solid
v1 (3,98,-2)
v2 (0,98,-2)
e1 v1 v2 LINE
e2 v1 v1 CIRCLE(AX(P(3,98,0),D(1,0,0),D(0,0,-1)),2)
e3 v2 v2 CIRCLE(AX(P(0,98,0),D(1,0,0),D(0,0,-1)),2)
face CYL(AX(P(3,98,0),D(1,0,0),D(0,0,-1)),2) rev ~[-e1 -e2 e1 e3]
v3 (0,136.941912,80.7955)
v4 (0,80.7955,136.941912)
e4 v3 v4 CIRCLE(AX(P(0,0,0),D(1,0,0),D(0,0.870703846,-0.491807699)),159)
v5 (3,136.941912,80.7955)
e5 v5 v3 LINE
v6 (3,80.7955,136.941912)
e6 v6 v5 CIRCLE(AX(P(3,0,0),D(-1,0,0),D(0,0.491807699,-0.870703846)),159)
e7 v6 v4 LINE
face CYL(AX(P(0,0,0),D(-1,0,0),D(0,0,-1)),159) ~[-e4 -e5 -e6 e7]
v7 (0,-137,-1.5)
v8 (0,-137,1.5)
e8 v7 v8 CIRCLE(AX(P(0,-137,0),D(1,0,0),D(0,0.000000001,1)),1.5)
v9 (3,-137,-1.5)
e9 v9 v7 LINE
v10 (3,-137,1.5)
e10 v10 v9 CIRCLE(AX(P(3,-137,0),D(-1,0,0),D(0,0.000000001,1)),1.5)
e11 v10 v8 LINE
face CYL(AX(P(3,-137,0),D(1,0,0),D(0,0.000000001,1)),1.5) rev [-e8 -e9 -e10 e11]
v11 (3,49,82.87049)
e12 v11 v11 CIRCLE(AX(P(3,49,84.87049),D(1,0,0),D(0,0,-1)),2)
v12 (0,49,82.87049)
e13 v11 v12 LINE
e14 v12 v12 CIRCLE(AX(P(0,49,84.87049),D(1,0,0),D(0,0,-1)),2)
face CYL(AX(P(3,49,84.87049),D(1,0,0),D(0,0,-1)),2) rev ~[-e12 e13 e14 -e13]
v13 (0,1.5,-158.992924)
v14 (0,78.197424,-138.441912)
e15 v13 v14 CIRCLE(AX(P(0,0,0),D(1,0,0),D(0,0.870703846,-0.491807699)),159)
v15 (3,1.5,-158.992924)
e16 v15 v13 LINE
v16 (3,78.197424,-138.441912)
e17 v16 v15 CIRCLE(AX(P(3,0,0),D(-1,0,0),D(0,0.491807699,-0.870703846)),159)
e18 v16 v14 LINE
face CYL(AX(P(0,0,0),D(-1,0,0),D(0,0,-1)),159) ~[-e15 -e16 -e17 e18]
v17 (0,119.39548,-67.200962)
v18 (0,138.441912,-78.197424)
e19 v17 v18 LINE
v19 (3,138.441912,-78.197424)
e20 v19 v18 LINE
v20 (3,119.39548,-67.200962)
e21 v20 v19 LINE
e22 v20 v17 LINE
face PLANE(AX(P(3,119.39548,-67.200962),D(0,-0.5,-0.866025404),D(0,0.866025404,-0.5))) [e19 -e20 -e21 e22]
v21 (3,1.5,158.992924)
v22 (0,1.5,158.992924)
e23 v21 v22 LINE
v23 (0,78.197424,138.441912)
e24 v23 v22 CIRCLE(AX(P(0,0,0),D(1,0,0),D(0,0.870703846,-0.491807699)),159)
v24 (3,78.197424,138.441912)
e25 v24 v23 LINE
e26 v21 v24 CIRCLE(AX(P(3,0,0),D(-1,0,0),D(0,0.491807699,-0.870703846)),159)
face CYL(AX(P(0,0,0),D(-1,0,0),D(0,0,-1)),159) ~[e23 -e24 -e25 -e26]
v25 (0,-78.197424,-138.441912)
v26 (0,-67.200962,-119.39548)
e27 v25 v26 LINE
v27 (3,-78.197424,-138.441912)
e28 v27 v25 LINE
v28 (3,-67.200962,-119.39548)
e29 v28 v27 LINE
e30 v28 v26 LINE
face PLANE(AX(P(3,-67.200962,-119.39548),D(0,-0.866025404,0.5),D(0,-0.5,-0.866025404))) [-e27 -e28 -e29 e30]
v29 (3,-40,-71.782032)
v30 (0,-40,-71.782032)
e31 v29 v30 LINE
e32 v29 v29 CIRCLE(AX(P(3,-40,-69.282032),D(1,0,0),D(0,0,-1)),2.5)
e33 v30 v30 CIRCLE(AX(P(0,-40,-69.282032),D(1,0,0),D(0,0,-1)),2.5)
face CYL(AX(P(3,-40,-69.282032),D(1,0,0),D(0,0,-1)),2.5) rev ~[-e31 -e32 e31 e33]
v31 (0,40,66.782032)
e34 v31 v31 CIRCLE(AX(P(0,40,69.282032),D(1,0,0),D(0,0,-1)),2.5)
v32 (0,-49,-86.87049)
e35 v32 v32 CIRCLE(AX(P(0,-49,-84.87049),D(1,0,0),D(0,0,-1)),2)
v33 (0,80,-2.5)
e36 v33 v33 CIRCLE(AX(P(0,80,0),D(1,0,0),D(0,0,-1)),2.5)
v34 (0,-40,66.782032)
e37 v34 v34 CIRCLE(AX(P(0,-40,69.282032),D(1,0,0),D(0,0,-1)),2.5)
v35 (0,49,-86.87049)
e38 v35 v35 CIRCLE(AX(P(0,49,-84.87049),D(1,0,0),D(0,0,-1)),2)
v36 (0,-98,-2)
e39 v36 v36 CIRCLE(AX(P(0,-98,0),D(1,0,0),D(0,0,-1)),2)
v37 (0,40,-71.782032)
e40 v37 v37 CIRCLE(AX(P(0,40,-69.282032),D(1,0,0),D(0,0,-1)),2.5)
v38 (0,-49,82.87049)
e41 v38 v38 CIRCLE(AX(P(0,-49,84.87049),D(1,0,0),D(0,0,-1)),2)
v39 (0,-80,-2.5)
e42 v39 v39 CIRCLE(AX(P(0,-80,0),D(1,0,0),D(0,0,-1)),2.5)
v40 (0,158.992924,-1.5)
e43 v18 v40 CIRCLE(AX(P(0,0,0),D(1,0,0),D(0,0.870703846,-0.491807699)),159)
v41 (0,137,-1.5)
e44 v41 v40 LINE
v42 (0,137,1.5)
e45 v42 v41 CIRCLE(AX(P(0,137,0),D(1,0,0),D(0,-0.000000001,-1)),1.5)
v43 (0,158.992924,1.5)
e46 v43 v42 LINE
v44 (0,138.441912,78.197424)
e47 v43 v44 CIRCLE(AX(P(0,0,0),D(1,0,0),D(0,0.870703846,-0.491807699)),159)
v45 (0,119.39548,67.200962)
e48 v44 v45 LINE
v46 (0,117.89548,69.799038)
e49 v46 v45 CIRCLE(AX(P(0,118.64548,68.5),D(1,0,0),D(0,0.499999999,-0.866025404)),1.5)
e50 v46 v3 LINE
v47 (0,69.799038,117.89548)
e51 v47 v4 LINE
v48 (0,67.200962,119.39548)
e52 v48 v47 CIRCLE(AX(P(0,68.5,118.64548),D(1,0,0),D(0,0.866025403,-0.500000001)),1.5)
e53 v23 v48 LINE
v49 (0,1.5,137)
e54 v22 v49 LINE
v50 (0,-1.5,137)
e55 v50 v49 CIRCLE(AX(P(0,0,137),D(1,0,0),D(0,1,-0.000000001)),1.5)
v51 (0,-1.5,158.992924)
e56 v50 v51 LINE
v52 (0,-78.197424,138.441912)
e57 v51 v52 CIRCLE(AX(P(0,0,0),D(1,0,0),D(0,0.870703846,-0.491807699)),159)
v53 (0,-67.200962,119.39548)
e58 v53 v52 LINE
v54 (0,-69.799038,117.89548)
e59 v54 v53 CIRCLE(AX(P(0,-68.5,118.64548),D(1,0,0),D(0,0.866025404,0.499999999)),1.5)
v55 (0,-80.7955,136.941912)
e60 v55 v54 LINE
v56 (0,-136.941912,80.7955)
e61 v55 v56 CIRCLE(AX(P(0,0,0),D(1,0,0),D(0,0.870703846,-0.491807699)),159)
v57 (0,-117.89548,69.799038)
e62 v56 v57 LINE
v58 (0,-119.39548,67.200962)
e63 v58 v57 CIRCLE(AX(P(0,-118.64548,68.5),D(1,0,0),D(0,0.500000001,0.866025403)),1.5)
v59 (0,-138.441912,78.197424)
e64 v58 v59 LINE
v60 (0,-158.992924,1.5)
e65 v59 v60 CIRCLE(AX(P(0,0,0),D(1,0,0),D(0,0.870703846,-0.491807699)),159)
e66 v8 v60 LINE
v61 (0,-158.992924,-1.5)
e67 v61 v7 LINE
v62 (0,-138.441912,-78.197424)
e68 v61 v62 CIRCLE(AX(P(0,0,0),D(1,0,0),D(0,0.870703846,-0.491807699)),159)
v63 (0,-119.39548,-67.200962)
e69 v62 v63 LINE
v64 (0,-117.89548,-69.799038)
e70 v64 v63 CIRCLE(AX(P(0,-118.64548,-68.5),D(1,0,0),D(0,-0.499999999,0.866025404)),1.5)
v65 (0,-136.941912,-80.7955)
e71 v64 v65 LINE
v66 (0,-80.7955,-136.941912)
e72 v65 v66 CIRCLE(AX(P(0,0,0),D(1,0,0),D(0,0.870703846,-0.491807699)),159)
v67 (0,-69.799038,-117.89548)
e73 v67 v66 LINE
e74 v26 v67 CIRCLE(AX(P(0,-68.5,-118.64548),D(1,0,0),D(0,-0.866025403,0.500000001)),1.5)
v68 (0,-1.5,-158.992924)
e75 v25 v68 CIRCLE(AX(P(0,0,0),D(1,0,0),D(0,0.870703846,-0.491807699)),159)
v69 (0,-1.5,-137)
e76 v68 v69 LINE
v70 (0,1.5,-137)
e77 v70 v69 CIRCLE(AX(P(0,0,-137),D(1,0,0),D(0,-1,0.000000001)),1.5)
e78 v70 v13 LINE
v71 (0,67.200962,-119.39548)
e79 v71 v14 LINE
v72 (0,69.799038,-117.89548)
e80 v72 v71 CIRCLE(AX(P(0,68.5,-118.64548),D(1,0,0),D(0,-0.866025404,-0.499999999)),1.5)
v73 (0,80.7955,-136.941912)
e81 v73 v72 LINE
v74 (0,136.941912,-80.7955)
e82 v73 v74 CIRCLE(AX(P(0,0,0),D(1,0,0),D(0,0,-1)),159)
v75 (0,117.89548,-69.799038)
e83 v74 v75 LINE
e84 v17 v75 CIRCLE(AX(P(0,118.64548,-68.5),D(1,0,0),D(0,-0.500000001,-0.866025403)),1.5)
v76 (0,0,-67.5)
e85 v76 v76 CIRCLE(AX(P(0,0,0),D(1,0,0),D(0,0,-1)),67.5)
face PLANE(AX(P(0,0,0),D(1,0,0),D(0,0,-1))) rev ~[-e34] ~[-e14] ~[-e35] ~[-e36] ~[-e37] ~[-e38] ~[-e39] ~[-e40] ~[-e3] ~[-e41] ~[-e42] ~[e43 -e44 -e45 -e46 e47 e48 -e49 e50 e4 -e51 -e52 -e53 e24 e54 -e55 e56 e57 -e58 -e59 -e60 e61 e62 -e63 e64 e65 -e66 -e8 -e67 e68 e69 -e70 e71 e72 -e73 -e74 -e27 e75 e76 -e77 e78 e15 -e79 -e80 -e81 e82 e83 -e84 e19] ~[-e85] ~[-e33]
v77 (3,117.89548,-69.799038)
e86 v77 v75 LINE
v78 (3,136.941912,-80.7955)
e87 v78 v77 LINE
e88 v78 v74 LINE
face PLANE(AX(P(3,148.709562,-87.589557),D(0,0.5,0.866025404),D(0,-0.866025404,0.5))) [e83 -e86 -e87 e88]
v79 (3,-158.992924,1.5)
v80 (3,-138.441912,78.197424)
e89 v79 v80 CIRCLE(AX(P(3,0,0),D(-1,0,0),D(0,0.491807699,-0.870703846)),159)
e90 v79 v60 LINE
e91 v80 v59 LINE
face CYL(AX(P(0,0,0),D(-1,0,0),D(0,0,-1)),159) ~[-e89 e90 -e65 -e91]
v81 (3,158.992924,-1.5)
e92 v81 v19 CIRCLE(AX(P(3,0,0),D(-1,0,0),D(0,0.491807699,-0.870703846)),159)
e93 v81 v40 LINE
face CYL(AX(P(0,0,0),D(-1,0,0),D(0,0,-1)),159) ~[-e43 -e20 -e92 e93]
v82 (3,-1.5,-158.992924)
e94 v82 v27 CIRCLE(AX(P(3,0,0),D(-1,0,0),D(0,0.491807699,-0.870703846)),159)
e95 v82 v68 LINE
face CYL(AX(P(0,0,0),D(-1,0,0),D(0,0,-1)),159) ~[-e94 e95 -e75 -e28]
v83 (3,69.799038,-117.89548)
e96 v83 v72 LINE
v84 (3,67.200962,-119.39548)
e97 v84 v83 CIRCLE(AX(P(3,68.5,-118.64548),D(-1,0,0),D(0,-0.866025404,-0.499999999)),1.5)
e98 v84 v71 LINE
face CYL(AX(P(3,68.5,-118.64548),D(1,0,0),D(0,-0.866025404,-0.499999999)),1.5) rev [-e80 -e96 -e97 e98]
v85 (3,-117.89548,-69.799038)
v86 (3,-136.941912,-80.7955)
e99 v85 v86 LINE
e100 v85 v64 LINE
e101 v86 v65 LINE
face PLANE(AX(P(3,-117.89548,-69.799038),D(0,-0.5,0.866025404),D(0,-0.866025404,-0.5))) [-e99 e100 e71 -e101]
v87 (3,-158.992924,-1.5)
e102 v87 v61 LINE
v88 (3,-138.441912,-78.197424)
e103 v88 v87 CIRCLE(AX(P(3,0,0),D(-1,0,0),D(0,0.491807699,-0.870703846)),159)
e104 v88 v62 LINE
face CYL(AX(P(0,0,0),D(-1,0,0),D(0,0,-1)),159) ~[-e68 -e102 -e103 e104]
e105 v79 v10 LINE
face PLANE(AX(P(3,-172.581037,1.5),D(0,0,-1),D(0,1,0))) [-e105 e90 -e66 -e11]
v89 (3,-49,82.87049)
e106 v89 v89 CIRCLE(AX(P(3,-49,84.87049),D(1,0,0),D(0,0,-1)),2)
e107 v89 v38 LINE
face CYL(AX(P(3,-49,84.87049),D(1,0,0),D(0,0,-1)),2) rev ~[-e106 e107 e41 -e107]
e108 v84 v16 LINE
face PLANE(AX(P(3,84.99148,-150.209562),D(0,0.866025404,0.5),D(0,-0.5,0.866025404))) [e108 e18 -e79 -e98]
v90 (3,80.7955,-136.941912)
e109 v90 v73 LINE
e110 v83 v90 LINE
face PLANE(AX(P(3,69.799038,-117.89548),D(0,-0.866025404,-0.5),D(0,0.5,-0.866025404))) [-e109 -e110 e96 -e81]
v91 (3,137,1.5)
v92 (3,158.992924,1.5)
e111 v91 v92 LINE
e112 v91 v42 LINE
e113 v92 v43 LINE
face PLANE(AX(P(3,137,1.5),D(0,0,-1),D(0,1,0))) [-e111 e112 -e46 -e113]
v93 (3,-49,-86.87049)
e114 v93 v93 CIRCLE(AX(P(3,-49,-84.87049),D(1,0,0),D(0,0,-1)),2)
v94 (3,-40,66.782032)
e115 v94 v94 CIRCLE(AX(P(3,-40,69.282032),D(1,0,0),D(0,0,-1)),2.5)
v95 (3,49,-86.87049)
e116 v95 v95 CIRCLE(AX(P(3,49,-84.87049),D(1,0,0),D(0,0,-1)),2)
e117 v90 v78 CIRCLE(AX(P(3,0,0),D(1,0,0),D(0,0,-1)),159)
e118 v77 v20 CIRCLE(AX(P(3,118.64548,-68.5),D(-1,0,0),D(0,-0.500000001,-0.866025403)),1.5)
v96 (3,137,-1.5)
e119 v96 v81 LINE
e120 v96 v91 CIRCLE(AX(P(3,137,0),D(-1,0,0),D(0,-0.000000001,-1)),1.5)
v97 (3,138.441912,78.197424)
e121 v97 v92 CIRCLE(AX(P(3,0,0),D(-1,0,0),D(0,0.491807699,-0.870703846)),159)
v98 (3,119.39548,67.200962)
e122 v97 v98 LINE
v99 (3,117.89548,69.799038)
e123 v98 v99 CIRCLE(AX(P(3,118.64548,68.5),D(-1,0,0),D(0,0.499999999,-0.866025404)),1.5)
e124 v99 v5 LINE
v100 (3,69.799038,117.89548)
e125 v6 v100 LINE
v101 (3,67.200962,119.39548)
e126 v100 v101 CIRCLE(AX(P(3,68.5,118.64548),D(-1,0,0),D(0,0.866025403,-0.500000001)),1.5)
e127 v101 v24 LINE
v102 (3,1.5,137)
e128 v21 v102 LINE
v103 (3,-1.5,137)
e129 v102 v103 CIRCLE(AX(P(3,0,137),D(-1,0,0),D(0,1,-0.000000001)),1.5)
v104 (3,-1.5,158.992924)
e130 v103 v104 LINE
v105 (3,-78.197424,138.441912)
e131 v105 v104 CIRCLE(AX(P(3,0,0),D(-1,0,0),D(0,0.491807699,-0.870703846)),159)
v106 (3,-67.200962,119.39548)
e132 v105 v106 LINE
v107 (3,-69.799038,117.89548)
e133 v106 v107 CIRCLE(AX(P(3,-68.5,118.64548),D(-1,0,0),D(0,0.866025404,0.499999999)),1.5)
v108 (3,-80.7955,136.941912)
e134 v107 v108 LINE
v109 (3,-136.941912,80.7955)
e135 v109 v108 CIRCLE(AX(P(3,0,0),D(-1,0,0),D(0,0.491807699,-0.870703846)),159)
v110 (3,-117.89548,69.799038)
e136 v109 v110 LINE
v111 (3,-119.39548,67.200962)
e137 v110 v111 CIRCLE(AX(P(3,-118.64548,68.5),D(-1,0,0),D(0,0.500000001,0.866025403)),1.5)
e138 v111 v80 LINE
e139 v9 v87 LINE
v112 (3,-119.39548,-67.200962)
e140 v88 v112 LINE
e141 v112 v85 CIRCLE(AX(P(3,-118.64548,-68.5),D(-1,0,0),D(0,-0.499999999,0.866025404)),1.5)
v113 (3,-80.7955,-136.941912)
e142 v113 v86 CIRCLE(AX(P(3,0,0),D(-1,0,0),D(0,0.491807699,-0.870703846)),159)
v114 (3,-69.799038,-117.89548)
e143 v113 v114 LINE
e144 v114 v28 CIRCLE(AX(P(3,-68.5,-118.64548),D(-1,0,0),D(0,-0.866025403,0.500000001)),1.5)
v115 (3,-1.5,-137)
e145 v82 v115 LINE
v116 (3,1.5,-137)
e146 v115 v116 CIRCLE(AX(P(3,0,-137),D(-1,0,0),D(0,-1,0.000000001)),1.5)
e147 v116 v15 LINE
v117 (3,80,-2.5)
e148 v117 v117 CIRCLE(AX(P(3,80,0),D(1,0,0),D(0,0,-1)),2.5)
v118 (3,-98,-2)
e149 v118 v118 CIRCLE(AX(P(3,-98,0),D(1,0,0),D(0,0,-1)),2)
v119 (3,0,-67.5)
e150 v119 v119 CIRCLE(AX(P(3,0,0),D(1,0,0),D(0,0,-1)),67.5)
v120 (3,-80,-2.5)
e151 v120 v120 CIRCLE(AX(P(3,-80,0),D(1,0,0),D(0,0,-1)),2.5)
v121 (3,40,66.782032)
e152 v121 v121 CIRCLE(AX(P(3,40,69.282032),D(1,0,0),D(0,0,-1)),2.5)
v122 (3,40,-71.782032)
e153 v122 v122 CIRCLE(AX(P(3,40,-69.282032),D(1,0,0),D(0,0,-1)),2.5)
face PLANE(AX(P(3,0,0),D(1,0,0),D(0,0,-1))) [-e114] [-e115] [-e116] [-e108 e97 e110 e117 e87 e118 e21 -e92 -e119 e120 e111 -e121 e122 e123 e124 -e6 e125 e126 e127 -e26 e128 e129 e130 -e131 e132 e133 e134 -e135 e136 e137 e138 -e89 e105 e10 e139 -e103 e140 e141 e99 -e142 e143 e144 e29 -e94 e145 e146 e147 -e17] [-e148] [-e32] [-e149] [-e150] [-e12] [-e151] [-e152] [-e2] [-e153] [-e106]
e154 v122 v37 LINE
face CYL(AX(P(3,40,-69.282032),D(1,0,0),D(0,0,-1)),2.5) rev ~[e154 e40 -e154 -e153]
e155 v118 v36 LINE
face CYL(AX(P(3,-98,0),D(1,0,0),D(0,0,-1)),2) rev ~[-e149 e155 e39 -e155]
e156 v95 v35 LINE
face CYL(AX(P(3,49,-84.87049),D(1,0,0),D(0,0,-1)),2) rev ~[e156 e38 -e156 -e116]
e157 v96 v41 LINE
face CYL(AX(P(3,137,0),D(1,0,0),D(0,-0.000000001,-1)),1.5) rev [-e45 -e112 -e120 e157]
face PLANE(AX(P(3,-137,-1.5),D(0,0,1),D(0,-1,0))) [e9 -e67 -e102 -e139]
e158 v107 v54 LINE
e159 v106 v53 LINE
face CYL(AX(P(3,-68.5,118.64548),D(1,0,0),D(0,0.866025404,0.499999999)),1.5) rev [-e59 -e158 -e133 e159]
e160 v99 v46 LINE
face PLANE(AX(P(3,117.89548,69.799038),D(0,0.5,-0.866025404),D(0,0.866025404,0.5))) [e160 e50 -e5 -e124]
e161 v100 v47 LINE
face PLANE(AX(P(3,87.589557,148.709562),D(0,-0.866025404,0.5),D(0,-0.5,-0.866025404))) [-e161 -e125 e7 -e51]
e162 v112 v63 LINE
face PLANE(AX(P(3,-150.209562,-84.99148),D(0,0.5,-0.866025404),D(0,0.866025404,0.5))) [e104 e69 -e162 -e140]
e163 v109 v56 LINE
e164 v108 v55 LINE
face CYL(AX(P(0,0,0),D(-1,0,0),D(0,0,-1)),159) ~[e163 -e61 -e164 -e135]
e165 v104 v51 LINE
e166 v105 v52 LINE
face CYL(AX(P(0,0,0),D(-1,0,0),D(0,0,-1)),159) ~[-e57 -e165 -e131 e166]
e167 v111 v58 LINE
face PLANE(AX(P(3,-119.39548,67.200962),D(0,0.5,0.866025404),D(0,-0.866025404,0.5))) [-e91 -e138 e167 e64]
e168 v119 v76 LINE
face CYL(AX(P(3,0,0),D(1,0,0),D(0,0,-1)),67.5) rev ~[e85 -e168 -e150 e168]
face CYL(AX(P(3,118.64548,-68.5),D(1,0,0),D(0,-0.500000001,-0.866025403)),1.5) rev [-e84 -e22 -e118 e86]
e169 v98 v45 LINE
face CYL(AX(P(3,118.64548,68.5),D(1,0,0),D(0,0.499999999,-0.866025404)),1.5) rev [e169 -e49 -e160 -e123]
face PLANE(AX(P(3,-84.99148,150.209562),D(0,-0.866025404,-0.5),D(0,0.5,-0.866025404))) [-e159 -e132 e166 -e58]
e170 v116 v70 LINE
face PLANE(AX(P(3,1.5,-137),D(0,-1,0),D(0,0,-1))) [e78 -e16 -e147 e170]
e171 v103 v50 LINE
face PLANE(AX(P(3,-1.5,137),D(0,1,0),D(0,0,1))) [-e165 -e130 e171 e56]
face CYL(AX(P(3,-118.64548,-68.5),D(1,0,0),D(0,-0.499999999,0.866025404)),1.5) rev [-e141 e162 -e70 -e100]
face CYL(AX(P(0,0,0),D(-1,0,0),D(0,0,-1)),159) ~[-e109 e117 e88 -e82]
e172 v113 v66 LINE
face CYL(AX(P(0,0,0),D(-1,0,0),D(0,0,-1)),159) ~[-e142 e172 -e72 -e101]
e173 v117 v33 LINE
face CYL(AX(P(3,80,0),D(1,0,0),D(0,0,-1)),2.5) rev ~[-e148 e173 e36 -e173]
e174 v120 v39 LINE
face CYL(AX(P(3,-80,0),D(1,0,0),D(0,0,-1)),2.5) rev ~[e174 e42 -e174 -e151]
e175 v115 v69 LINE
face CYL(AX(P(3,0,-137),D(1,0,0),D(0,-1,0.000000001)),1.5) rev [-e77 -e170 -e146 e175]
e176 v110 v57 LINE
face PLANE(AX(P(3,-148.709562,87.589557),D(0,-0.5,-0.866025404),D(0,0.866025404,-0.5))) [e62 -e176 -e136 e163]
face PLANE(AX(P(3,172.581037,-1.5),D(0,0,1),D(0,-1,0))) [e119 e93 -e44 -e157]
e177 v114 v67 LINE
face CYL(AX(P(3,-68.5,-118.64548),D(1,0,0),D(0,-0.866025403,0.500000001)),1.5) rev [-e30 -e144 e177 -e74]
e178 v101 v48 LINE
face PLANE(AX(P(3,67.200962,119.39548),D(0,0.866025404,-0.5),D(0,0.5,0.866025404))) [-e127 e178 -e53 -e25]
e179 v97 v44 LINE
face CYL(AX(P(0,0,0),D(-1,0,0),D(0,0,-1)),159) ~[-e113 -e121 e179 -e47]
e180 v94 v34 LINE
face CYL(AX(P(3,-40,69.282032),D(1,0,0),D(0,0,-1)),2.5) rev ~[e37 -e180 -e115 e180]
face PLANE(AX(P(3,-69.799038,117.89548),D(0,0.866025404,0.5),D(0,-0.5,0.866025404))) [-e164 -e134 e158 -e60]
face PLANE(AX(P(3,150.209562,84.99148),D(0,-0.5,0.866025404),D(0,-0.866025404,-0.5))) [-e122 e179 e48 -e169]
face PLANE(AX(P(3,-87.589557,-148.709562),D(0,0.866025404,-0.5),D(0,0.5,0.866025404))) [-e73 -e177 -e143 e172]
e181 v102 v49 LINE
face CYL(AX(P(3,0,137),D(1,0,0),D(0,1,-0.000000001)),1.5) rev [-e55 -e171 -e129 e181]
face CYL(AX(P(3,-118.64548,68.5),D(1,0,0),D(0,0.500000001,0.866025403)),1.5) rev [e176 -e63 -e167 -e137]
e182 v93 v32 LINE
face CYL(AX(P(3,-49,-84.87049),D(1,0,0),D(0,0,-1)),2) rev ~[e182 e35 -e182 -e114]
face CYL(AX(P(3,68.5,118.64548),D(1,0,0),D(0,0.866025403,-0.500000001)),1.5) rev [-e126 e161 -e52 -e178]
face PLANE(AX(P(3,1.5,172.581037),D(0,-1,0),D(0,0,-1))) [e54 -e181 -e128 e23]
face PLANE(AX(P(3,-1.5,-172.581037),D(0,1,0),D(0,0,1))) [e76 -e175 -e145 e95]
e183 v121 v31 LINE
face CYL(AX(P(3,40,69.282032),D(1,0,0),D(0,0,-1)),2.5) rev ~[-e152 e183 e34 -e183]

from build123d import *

# Parameters (mm, degrees)
SKETCH1_R           = 159
BOSS_EXTRUDE1_DEPTH = 3
SKETCH2_R           = 2
SKETCH2_R_2         = 1.5
SKETCH2_R_3         = 2.5
SKETCH2_R_4         = 67.5
CUT_EXTRUDE1_DEPTH  = 3
CUT_EXTRUDE2_DEPTH  = 225.879967983
CIRPATTERN1_COUNT   = 12


with BuildPart() as part:
    # Sketch1 → Boss-Extrude1 (new body)
    with BuildSketch(Plane(origin=(0, 0, 0), x_dir=(0, 0, -1), z_dir=(1, 0, 0))):
        Circle(SKETCH1_R)
    extrude(amount=BOSS_EXTRUDE1_DEPTH)

    # Sketch2 → Cut-Extrude1 (cut)
    with BuildSketch(Plane(origin=(3, 0, 0), x_dir=(0, 0, -1), z_dir=(1, 0, 0))):
        with Locations((0, -98)):
            Circle(SKETCH2_R)
        with Locations((-84.870489571, -49)):
            Circle(SKETCH2_R)
        with Locations((-84.870489571, 49)):
            Circle(SKETCH2_R)
        with Locations((0, 98)):
            Circle(SKETCH2_R)
        with Locations((84.870489571, 49)):
            Circle(SKETCH2_R)
        with Locations((84.870489571, -49)):
            Circle(SKETCH2_R)
        with Locations((0, -150)):
            Circle(SKETCH2_R_2)
        with Locations((-129.903810568, -75)):
            Circle(SKETCH2_R_2)
        with Locations((-129.903810568, 75)):
            Circle(SKETCH2_R_2)
        with Locations((0, 150)):
            Circle(SKETCH2_R_2)
        with Locations((129.903810568, 75)):
            Circle(SKETCH2_R_2)
        with Locations((129.903810568, -75)):
            Circle(SKETCH2_R_2)
        with Locations((0, -80)):
            Circle(SKETCH2_R_3)
        with Locations((-69.282032303, -40)):
            Circle(SKETCH2_R_3)
        with Locations((-69.282032303, 40)):
            Circle(SKETCH2_R_3)
        with Locations((0, 80)):
            Circle(SKETCH2_R_3)
        with Locations((69.282032303, 40)):
            Circle(SKETCH2_R_3)
        with Locations((69.282032303, -40)):
            Circle(SKETCH2_R_3)
        Circle(SKETCH2_R_4)
    extrude(amount=-CUT_EXTRUDE1_DEPTH, mode=Mode.SUBTRACT)

    # Sketch3 → Cut-Extrude2 (cut, through all)
    with BuildSketch(Plane(origin=(3, 0, 0), x_dir=(0, 0, -1), z_dir=(1, 0, 0))):
        with BuildLine():
            Line((117.895480318, 69.799038106), (148.709562393, 87.589556686))
            ThreePointArc((148.709562393, 87.589556686), (150.758600499, 87.040518581), (150.209562393, 84.991480475))
            Line((150.209562393, 84.991480475), (119.395480318, 67.200961894))
            ThreePointArc((119.395480318, 67.200961894), (117.346442213, 67.75), (117.895480318, 69.799038106))
        make_face()
    cut_extrude2 = extrude(amount=-CUT_EXTRUDE2_DEPTH, mode=Mode.SUBTRACT)

    # CirPattern1: Cut-Extrude2 ×12 about axis
    cirpattern1_axis = Axis((0, 0, 0), (1, 0, 0))
    for i in range(1, CIRPATTERN1_COUNT):
        add(cut_extrude2.rotate(cirpattern1_axis, i * 360 / CIRPATTERN1_COUNT), mode=Mode.SUBTRACT)


solid = part.part
